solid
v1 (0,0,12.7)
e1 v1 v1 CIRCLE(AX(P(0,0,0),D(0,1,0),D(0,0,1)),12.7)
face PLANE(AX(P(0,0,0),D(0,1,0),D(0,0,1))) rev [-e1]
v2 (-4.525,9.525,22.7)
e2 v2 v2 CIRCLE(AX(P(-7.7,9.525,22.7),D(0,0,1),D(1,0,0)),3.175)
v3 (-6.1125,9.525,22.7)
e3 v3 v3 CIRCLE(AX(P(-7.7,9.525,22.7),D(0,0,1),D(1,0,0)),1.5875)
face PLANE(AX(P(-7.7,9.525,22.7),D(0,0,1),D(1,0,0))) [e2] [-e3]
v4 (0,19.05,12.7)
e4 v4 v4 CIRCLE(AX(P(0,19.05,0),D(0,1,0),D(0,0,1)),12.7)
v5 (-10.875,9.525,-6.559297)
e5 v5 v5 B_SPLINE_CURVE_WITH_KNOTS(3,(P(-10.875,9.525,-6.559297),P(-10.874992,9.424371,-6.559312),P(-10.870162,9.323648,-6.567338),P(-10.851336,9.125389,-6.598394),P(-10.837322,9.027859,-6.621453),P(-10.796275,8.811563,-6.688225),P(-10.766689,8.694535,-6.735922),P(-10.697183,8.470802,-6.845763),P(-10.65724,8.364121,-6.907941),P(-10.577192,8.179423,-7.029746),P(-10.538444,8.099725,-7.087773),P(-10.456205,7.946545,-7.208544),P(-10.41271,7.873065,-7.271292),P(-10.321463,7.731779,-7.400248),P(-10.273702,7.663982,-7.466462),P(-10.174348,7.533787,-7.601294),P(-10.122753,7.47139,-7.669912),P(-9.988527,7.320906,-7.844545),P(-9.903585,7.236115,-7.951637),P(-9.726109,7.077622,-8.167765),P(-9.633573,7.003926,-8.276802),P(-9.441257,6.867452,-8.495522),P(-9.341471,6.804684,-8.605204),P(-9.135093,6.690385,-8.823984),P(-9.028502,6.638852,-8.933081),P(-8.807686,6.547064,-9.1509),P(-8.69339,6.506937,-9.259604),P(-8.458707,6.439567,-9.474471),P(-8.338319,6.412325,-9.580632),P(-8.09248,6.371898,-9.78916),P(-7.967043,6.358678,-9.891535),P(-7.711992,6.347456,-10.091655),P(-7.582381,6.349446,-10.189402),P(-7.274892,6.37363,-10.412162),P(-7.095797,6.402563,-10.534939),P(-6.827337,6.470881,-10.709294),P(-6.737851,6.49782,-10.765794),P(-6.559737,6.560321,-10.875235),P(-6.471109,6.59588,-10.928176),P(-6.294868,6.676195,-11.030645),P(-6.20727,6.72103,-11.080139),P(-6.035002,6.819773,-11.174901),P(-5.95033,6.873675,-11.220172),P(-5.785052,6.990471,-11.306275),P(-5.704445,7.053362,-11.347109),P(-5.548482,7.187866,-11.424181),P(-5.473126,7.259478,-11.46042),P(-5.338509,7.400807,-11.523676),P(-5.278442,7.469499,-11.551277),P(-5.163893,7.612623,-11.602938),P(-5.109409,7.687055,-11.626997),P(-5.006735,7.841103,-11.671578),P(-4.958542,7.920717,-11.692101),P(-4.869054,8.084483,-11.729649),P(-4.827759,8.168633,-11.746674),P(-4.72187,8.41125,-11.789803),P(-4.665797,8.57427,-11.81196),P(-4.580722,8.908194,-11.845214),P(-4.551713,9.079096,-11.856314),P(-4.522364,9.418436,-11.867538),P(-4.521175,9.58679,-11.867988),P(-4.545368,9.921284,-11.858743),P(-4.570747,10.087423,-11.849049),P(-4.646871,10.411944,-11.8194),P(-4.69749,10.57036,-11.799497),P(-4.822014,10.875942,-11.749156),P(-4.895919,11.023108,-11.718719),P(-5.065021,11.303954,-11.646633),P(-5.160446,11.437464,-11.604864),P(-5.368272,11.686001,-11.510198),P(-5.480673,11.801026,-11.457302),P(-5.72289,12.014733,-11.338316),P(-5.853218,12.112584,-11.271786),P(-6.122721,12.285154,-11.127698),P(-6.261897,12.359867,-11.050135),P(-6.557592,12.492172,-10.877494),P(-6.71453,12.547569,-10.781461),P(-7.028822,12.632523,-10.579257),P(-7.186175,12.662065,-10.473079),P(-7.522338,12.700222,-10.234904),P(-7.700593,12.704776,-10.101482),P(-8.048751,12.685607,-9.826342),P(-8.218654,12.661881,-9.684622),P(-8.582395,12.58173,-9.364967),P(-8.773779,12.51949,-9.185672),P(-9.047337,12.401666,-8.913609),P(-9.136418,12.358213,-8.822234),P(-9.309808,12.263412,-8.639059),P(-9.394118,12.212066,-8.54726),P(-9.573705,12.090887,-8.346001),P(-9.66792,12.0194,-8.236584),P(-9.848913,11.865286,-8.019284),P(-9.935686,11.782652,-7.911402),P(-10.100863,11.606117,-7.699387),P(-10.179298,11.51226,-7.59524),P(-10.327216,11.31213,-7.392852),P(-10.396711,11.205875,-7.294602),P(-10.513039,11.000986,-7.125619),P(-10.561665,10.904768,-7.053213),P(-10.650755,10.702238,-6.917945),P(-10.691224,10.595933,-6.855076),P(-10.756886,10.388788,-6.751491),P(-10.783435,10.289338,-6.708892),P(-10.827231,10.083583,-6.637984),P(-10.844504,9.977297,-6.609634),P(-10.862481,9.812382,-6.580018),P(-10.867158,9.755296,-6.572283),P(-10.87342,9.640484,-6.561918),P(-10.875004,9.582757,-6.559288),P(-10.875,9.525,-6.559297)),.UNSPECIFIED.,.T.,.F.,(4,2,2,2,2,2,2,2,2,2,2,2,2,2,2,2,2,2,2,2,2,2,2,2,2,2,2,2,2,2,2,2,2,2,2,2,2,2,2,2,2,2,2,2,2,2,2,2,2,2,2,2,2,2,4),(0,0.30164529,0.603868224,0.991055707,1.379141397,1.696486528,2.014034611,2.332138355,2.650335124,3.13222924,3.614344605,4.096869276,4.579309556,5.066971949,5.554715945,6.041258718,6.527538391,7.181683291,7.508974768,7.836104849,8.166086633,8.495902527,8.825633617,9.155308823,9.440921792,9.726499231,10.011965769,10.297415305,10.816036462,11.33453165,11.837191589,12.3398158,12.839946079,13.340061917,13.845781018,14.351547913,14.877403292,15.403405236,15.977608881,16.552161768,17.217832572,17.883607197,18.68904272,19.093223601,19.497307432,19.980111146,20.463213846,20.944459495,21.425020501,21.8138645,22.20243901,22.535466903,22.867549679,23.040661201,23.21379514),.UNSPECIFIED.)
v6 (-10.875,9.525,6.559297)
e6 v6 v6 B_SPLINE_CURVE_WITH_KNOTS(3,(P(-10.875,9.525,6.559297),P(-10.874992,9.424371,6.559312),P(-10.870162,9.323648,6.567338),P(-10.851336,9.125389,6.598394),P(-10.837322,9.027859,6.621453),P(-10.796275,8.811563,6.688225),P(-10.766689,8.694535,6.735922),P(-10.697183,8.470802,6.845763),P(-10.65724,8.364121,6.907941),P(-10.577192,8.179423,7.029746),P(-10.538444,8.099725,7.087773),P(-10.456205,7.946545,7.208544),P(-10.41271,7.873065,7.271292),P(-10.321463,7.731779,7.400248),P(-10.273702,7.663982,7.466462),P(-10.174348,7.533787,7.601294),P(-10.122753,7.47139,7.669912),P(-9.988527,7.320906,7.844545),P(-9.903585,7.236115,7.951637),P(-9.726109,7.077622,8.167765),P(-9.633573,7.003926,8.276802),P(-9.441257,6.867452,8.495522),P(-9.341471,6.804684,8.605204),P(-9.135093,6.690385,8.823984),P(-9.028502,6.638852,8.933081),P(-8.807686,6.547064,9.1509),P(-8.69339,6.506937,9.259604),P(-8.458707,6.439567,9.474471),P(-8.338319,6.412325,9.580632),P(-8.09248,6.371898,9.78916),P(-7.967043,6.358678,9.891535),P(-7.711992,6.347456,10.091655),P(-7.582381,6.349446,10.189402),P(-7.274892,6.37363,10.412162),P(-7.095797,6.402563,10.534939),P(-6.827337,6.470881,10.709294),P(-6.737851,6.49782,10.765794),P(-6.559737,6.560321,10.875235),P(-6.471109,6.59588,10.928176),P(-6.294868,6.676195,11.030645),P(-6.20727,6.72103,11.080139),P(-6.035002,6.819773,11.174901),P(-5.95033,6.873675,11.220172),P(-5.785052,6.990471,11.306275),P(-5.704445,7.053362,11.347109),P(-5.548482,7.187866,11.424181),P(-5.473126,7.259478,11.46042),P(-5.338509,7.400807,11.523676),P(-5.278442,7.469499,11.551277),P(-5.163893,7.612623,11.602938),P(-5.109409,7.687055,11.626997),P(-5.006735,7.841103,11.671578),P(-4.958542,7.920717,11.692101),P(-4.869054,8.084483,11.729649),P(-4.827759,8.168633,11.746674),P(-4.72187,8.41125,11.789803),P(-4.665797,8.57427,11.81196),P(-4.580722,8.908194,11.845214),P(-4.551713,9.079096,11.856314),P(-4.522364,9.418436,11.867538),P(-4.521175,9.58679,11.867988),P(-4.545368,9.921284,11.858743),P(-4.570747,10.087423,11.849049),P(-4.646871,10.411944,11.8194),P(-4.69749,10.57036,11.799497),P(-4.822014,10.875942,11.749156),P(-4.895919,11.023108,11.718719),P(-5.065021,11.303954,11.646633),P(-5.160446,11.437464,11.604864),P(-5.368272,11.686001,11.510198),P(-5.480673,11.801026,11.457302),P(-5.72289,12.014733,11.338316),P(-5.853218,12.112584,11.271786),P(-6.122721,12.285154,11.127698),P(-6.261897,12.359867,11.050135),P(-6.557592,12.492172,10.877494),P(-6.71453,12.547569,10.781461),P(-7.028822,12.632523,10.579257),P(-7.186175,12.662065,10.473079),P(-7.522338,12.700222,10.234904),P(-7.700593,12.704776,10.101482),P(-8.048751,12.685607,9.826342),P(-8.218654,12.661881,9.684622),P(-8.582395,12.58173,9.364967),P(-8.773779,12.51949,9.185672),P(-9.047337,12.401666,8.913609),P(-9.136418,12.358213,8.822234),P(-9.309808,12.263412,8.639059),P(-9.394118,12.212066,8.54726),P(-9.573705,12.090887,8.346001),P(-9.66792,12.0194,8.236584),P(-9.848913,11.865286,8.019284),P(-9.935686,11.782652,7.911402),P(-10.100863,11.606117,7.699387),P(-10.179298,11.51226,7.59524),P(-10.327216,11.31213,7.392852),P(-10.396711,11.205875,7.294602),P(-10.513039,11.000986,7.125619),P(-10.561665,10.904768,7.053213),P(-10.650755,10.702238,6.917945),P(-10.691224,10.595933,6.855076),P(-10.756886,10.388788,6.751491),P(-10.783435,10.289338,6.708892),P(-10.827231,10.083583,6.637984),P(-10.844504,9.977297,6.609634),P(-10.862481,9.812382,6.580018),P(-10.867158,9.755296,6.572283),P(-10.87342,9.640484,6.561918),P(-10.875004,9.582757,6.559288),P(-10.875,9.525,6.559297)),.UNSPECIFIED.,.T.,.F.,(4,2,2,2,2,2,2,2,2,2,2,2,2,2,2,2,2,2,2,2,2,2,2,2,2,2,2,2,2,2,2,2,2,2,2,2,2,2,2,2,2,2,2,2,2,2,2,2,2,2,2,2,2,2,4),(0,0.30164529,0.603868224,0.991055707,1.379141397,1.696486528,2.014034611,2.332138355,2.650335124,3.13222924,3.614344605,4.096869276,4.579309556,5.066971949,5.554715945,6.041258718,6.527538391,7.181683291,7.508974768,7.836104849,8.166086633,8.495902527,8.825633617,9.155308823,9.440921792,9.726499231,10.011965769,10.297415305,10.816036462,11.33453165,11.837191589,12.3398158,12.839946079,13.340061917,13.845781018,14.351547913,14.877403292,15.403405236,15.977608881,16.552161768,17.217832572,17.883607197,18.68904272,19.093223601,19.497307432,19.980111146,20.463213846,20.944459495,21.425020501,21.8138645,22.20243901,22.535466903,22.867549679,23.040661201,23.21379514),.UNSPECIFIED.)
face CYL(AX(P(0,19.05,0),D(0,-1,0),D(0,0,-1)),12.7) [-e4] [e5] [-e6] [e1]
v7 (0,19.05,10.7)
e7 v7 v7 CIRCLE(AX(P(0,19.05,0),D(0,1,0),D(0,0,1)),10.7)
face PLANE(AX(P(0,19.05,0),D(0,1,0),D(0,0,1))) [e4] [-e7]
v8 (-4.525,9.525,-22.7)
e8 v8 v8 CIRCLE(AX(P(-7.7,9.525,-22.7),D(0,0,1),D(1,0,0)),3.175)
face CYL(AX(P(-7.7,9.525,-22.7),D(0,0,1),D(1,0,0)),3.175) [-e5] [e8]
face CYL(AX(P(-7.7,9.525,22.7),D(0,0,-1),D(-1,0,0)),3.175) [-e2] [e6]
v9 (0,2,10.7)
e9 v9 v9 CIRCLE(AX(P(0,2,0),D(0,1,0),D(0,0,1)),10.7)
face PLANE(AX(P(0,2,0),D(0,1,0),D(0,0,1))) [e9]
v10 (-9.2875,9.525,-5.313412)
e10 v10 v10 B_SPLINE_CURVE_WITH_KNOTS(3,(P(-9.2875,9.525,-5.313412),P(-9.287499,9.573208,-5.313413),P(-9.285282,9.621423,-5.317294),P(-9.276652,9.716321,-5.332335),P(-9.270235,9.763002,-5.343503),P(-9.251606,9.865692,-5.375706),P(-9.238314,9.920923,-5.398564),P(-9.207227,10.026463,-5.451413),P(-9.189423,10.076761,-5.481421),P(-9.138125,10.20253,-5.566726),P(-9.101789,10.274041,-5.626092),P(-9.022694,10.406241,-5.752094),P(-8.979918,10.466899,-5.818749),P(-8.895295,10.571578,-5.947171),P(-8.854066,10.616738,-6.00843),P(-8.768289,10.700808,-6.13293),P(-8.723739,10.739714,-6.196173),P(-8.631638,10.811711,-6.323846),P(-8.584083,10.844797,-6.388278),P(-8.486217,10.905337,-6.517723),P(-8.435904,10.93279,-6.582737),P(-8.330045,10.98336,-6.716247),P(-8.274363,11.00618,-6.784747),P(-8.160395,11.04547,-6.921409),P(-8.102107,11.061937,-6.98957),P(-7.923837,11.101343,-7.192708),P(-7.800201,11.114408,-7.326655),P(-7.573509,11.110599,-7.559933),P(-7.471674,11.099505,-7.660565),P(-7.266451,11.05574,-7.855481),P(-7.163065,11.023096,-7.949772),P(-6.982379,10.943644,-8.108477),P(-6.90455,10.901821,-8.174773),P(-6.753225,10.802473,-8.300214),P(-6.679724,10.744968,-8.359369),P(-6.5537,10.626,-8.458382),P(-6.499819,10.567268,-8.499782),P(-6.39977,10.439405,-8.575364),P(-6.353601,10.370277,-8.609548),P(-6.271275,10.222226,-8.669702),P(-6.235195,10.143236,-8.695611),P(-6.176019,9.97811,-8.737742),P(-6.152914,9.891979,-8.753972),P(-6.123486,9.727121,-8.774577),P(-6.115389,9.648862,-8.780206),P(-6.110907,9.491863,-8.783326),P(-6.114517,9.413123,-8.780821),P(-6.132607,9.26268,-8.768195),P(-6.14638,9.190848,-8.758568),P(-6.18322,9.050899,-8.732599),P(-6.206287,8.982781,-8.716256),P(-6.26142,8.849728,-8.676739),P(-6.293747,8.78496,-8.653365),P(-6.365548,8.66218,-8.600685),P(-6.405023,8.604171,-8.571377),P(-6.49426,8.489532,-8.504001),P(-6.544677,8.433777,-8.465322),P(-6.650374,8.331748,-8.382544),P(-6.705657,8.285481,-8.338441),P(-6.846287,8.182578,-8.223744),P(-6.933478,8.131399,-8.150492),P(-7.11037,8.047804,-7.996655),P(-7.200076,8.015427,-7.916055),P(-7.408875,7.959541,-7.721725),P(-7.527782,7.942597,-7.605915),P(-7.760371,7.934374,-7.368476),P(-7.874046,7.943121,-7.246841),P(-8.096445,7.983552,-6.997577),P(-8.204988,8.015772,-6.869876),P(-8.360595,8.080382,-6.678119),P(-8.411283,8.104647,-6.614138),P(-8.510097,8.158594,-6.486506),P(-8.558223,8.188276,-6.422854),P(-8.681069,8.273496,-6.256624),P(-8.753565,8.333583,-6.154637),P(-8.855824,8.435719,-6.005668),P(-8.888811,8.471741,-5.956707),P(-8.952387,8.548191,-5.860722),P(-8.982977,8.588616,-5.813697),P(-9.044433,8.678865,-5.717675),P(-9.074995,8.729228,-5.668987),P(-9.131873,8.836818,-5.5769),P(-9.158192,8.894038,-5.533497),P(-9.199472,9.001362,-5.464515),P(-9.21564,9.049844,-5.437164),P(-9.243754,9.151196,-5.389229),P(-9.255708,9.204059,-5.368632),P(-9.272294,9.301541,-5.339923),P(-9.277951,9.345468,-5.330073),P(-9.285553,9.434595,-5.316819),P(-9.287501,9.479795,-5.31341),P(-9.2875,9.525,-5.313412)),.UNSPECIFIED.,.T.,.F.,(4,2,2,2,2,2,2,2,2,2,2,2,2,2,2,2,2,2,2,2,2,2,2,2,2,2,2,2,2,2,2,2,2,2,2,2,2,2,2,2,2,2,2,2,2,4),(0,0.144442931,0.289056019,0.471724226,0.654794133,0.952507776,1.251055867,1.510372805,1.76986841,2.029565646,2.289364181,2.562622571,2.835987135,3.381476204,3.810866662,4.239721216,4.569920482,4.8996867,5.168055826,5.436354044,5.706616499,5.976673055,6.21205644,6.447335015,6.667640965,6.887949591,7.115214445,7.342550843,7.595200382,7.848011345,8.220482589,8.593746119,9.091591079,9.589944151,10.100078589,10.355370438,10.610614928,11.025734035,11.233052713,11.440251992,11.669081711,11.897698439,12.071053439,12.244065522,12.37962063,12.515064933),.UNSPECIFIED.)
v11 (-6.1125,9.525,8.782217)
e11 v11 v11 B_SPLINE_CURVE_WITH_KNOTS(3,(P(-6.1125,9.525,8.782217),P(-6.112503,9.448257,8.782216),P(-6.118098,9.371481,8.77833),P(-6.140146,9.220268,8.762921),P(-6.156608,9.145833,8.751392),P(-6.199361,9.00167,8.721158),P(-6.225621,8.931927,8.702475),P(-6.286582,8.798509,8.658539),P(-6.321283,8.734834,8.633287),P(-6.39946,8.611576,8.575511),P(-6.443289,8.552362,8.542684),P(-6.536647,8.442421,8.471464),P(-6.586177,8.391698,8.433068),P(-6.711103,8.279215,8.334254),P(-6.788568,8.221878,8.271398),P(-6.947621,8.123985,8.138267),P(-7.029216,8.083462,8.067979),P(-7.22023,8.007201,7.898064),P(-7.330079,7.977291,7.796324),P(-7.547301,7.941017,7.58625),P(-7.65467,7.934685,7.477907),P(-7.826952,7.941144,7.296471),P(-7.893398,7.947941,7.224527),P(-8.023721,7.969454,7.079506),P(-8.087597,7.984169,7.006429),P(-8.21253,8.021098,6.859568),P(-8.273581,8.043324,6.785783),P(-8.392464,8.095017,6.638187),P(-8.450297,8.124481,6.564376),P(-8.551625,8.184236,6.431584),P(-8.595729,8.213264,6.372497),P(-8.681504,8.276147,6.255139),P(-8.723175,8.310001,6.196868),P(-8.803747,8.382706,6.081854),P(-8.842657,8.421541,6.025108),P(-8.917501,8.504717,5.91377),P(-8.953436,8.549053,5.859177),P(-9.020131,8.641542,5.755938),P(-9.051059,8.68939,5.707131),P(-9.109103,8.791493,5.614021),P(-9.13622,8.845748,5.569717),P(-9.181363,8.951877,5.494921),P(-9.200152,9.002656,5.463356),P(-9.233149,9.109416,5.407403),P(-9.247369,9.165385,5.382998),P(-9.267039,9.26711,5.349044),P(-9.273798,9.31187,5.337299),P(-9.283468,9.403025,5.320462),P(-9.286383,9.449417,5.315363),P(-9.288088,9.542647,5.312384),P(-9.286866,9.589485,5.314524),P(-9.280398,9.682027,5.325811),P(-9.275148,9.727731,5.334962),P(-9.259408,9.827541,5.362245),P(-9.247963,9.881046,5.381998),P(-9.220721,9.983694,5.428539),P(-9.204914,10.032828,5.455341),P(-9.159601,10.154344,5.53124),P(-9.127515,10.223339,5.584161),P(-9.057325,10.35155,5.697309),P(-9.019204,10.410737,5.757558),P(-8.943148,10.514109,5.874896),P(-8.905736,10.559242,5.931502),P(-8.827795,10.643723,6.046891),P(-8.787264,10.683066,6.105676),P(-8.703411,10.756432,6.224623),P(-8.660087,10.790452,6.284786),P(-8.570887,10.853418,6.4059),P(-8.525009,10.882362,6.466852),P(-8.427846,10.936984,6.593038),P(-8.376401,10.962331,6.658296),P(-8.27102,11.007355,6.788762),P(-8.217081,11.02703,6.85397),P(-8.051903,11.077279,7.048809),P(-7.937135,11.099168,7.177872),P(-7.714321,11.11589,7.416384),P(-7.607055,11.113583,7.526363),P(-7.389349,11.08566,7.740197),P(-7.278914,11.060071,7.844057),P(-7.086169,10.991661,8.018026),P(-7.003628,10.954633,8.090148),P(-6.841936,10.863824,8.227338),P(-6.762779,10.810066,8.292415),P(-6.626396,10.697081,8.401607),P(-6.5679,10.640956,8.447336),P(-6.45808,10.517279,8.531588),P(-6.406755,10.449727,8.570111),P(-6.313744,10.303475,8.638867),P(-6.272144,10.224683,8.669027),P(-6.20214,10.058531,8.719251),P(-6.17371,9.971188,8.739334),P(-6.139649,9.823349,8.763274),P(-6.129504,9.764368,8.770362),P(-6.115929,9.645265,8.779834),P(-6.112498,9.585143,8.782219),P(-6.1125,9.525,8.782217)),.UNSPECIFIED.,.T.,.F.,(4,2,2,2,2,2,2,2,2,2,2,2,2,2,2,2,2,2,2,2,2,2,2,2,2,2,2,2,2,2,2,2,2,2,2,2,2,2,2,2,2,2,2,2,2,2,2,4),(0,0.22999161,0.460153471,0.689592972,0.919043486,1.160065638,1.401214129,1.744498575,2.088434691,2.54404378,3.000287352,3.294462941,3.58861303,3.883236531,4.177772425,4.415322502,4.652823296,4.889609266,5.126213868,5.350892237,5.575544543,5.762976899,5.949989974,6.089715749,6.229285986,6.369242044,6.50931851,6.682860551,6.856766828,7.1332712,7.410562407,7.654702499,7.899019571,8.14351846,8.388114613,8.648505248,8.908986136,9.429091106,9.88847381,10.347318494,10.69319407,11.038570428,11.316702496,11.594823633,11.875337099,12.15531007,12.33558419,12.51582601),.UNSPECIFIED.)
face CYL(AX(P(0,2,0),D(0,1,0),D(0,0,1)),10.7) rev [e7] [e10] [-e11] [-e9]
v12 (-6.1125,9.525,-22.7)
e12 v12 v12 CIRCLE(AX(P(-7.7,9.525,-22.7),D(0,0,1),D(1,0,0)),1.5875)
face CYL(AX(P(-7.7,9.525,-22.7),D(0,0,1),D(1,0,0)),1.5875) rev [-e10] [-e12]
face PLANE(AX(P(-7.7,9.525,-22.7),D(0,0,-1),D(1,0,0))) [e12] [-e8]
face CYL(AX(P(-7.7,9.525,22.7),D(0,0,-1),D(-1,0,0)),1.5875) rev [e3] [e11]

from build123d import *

# Parameters (mm, degrees)
SKETCH1_R                       = 12.7
BOSS_EXTRUDE1_DEPTH             = 19.05
SKETCH2_R                       = 10.7
CUT_EXTRUDE1_DEPTH              = 17.05
BOSS_EXTRUDE2_REACH             = 36.196
SKETCH3_R                       = 3.175
SKETCH3_R_2                     = 1.5875
BOSS_EXTRUDE2_DIRECTION_2_DEPTH = 10
CUT_EXTRUDE2_REACH              = 44.159
SKETCH4_R                       = 1.5875
CUT_EXTRUDE2_DIRECTION_2_DEPTH  = 43.158658819


with BuildPart() as part:
    # Sketch1 → Boss-Extrude1 (new body)
    with BuildSketch(Plane(origin=(0, 0, 0), x_dir=(1, 0, 0), z_dir=(0, 1, 0))):
        with Locations(Location((0, 0, 0), (0, 0, 90))):
            Circle(SKETCH1_R)
    extrude(amount=BOSS_EXTRUDE1_DEPTH)

    # Sketch2 → Cut-Extrude1 (cut)
    with BuildSketch(Plane(origin=(0, 19.05, 0), x_dir=(1, 0, 0), z_dir=(0, 1, 0))):
        with Locations(Location((0, 0, 0), (0, 0, 270))):
            Circle(SKETCH2_R)
    extrude(amount=-CUT_EXTRUDE1_DEPTH, mode=Mode.SUBTRACT)

    # Sketch3 → Boss-Extrude2 (add, up to next)
    with BuildSketch(Plane.XY.offset(12.7), mode=Mode.PRIVATE) as boss_extrude2_sk1:
        with Locations(Location((-7.7, 9.525, 0), (0, 0, 180))):
            Circle(SKETCH3_R)
        with Locations((-7.7, 9.525)):
            Circle(SKETCH3_R_2, mode=Mode.SUBTRACT)
    boss_extrude2_tool1 = extrude(boss_extrude2_sk1.sketch, amount=-BOSS_EXTRUDE2_REACH, mode=Mode.PRIVATE) - part.part
    boss_extrude2 = boss_extrude2_tool1.solids().sort_by_distance((-4.614803, 9.525, 12.7))[0]
    add(boss_extrude2)

    # Sketch3 → Boss-Extrude2 direction 2 (add)
    with BuildSketch(Plane.XY.offset(12.7)):
        with Locations(Location((-7.7, 9.525, 0), (0, 0, 180))):
            Circle(SKETCH3_R)
        with Locations((-7.7, 9.525)):
            Circle(SKETCH3_R_2, mode=Mode.SUBTRACT)
    boss_extrude2_direction_2 = extrude(amount=BOSS_EXTRUDE2_DIRECTION_2_DEPTH)

    # Sketch4 → Cut-Extrude2 (cut, up to next)
    with BuildSketch(Plane.XY.offset(22.7), mode=Mode.PRIVATE) as cut_extrude2_sk1:
        with Locations((-7.7, 9.525)):
            Circle(SKETCH4_R)
    cut_extrude2_tool1 = extrude(cut_extrude2_sk1.sketch, amount=-CUT_EXTRUDE2_REACH, mode=Mode.PRIVATE) & part.part
    cut_extrude2 = cut_extrude2_tool1.solids().sort_by_distance((-7.7, 9.525, 22.7))[0]
    add(cut_extrude2, mode=Mode.SUBTRACT)

    # Sketch4 → Cut-Extrude2 direction 2 (cut)
    with BuildSketch(Plane.XY.offset(22.7)):
        with Locations((-7.7, 9.525)):
            Circle(SKETCH4_R)
    cut_extrude2_direction_2 = extrude(amount=CUT_EXTRUDE2_DIRECTION_2_DEPTH, mode=Mode.SUBTRACT)

    # Mirror1: Boss-Extrude2, Boss-Extrude2 direction 2, Cut-Extrude2, Cut-Extrude2 direction 2 across plane
    add(boss_extrude2.mirror(Plane.XY))
    add(boss_extrude2_direction_2.mirror(Plane.XY))
    add(cut_extrude2.mirror(Plane.XY), mode=Mode.SUBTRACT)
    add(cut_extrude2_direction_2.mirror(Plane.XY), mode=Mode.SUBTRACT)


solid = part.part
